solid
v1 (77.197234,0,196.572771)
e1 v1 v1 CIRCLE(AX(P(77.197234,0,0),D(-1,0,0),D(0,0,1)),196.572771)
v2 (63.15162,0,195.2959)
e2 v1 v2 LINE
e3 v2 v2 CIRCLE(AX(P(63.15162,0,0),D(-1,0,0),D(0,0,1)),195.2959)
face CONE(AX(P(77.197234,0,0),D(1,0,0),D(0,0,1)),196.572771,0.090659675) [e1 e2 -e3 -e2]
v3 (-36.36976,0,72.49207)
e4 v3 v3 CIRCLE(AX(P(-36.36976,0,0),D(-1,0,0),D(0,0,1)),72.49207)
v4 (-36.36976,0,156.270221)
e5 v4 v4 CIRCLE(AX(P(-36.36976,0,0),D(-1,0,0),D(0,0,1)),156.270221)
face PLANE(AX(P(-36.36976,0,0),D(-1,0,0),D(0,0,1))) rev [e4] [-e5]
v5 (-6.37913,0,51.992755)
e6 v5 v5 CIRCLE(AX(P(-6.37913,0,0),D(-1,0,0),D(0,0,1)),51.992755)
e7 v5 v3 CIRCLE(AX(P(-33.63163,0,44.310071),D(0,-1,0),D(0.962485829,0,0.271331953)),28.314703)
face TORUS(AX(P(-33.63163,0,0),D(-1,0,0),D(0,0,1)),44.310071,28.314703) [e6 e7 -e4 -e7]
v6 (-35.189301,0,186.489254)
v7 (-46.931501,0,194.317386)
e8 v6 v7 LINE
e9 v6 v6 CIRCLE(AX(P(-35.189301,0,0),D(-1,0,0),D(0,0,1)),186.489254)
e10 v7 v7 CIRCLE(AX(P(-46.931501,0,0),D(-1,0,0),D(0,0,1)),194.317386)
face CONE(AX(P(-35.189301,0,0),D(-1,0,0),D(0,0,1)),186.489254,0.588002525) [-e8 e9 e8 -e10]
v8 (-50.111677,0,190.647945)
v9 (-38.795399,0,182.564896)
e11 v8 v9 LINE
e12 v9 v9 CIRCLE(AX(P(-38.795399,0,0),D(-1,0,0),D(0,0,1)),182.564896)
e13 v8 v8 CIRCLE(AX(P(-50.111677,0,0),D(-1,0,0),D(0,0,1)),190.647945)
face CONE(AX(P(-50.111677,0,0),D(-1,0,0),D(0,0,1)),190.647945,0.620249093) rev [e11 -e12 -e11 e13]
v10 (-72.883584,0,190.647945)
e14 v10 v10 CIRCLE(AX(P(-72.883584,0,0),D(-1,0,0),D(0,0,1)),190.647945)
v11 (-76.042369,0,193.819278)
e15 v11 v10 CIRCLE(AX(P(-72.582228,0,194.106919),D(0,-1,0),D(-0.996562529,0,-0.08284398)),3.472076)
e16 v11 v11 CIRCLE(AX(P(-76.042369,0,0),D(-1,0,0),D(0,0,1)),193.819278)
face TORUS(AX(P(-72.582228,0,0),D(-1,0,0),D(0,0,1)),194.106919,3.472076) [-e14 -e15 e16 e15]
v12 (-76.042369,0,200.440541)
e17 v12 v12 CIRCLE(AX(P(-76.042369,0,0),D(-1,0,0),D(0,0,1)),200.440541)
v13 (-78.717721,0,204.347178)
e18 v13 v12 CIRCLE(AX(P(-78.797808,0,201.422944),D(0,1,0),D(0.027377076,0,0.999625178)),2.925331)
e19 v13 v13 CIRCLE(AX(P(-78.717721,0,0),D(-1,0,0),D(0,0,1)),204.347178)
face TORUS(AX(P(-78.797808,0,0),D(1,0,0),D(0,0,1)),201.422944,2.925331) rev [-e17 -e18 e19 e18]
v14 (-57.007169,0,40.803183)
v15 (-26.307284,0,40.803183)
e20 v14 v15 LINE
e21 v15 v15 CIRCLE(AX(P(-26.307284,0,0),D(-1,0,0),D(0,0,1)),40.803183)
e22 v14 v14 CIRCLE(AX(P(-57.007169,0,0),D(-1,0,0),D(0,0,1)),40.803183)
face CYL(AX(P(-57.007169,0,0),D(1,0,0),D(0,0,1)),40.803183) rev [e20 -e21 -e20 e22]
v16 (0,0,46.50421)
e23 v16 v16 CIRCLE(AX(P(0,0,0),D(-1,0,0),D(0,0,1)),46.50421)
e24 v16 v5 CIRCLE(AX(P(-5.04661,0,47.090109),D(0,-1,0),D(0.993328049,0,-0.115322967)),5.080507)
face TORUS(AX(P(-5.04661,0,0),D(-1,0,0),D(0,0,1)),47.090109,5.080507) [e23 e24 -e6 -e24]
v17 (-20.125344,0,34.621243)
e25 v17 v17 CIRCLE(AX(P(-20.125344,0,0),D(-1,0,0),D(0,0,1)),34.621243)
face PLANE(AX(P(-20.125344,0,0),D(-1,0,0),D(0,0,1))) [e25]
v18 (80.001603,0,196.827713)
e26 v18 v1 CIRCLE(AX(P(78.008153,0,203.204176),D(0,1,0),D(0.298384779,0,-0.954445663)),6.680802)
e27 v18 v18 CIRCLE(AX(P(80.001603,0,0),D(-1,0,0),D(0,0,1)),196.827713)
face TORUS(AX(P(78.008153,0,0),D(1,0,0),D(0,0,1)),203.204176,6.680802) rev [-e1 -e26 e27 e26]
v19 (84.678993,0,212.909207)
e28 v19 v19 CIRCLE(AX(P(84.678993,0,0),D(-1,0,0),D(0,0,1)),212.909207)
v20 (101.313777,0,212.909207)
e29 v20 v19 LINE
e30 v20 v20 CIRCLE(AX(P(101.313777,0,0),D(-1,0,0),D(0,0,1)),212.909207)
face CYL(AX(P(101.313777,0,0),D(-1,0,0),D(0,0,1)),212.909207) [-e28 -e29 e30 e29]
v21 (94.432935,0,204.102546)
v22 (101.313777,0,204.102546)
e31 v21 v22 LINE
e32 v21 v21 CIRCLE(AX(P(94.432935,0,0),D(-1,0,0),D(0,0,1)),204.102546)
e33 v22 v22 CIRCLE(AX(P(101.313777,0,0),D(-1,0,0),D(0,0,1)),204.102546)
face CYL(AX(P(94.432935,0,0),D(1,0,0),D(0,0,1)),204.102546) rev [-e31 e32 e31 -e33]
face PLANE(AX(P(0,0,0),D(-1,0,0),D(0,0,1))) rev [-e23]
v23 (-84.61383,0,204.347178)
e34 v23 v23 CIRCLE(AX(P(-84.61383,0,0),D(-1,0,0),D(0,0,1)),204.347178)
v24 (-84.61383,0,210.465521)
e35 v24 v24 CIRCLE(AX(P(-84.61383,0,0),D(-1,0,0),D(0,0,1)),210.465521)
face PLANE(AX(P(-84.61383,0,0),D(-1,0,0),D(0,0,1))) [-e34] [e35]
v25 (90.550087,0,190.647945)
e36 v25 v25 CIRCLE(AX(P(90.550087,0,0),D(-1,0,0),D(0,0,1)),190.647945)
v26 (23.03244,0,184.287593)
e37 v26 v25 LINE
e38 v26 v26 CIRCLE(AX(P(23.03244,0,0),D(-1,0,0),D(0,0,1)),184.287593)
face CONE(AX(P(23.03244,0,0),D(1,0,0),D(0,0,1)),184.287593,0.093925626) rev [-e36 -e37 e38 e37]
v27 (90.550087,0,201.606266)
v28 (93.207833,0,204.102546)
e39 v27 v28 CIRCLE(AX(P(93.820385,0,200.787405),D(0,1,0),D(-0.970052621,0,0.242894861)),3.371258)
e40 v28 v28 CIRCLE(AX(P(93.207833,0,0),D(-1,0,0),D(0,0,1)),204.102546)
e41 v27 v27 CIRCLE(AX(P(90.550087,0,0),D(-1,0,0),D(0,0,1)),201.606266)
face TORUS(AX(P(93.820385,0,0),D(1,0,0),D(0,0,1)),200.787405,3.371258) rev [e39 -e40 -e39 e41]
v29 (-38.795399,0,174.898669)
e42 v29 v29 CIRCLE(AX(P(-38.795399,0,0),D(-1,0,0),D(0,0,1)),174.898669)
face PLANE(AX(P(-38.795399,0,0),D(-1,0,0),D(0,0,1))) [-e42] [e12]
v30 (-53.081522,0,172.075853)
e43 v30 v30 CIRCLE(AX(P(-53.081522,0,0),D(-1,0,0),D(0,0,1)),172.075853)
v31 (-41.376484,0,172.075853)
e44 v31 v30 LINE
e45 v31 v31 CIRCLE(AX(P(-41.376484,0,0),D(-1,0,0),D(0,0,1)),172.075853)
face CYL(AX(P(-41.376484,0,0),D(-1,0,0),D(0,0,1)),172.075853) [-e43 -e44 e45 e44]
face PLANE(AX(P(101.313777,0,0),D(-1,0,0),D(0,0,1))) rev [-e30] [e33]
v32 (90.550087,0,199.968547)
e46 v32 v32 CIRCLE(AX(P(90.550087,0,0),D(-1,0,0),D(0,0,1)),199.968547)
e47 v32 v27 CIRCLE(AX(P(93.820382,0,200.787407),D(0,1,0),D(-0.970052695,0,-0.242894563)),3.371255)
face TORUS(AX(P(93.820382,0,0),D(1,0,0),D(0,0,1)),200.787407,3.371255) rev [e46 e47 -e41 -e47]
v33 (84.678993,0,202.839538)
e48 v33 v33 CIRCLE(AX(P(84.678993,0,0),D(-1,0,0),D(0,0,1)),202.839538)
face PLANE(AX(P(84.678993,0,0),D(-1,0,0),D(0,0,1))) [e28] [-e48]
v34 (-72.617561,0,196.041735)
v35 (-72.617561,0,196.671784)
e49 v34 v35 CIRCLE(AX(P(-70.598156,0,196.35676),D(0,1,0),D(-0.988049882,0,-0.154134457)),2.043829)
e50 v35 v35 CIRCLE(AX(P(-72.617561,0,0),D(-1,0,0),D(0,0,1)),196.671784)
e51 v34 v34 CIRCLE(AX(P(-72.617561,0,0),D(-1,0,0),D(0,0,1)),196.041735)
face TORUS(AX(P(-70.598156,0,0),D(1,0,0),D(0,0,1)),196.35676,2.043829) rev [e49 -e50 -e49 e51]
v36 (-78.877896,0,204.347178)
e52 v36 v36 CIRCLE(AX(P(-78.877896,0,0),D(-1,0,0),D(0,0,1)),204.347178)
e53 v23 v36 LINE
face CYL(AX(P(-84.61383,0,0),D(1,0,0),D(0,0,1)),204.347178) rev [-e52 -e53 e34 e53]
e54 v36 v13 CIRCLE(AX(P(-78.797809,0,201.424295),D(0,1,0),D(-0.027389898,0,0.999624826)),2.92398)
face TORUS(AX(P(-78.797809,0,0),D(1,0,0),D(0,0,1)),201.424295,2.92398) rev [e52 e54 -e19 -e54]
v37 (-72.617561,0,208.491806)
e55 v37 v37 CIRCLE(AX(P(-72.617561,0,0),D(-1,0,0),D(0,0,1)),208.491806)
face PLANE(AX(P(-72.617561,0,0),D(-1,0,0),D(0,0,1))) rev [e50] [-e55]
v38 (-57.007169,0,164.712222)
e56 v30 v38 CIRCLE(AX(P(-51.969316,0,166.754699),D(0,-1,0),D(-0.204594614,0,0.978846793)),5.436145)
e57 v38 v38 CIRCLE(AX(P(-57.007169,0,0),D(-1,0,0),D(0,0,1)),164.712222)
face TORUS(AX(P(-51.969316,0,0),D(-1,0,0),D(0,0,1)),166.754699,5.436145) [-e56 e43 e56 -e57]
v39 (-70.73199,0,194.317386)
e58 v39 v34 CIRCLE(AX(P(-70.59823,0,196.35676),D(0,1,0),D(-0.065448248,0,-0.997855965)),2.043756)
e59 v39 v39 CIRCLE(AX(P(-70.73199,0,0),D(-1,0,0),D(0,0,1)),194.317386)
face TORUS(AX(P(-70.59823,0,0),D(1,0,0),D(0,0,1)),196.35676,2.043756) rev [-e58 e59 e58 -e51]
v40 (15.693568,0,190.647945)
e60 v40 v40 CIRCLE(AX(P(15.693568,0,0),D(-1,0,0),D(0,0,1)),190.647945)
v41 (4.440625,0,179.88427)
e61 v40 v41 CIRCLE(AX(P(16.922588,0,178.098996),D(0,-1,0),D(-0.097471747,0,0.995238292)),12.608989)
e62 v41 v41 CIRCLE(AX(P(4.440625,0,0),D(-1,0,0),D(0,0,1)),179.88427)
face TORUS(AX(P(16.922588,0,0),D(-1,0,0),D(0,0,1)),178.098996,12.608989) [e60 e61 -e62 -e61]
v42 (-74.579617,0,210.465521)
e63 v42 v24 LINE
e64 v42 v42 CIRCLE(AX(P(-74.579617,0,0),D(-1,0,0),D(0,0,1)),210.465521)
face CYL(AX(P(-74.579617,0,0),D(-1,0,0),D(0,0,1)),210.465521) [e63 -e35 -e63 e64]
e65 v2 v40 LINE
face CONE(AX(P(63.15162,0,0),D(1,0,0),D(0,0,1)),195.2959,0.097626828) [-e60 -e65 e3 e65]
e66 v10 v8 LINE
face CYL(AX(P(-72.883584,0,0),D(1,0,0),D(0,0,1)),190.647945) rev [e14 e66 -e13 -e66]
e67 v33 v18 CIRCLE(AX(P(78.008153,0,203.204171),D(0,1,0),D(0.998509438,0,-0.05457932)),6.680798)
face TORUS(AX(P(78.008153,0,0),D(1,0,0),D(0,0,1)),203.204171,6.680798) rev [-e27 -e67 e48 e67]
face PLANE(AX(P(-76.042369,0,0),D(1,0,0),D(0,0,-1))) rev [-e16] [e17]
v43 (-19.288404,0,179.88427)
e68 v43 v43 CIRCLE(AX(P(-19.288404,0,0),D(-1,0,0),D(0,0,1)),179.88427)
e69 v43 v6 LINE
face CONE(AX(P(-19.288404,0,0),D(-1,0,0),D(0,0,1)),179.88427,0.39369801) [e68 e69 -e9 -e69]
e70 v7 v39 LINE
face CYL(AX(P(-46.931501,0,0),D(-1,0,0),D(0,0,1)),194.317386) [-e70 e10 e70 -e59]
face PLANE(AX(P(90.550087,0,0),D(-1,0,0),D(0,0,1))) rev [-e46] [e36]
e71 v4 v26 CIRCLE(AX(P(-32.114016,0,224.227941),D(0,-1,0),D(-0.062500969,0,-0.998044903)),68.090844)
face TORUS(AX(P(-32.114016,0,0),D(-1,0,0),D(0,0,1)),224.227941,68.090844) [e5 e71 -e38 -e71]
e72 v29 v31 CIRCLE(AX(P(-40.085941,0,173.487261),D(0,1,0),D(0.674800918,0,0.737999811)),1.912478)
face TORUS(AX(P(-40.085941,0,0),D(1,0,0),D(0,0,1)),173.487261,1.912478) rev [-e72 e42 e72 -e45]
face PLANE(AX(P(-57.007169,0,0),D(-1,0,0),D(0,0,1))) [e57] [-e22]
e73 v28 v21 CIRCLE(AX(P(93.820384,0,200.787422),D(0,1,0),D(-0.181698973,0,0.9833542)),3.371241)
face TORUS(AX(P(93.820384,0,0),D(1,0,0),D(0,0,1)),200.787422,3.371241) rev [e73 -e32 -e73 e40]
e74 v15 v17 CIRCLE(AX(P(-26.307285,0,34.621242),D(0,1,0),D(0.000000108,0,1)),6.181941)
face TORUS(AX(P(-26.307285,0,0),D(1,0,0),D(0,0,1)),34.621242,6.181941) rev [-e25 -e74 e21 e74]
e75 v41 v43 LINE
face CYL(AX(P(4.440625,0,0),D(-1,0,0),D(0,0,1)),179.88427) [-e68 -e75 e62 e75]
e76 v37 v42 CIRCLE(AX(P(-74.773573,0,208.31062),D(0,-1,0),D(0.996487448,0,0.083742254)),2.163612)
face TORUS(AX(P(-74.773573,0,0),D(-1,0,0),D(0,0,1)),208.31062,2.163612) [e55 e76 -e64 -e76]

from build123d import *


with BuildPart() as f1:
    # F0 (on Front) → F1 (revolve)
    with BuildSketch(Plane.XZ):
        with BuildLine():
            Line((-20.125344, 0), (0, 0))
            Line((0, 0), (0, 46.50421))
            ThreePointArc((0, 46.50421), (-1.733055, 50.94133), (-6.37913, 51.992755))
            ThreePointArc((-6.37913, 51.992755), (-17.653706, 67.685878), (-36.36976, 72.49207))
            Line((-36.36976, 72.49207), (-36.36976, 156.270221))
            ThreePointArc((-36.36976, 156.270221), (-3.067339, 162.643417), (23.03244, 184.287593))
            Line((23.03244, 184.287593), (90.550087, 190.647945))
            Line((90.550087, 190.647945), (90.550087, 199.968547))
            ThreePointArc((90.550087, 199.968547), (90.449127, 200.787406), (90.550087, 201.606266))
            ThreePointArc((90.550087, 201.606266), (91.512359, 203.24472), (93.207833, 204.102546))
            ThreePointArc((93.207833, 204.102546), (93.820384, 204.158663), (94.432935, 204.102546))
            Line((94.432935, 204.102546), (101.313777, 204.102546))
            Line((101.313777, 204.102546), (101.313777, 212.909207))
            Line((101.313777, 212.909207), (84.678993, 212.909207))
            Line((84.678993, 212.909207), (84.678993, 202.839538))
            ThreePointArc((84.678993, 202.839538), (83.281007, 199.101724), (80.001603, 196.827713))
            ThreePointArc((80.001603, 196.827713), (78.613003, 196.55081), (77.197234, 196.572771))
            Line((77.197234, 196.572771), (63.15162, 195.2959))
            Line((63.15162, 195.2959), (15.693568, 190.647945))
            ThreePointArc((15.693568, 190.647945), (8.206973, 187.210783), (4.440625, 179.88427))
            Line((4.440625, 179.88427), (-19.288404, 179.88427))
            Line((-19.288404, 179.88427), (-35.189301, 186.489254))
            Line((-35.189301, 186.489254), (-46.931501, 194.317386))
            Line((-46.931501, 194.317386), (-70.73199, 194.317386))
            ThreePointArc((-70.73199, 194.317386), (-71.977467, 194.848568), (-72.617561, 196.041735))
            ThreePointArc((-72.617561, 196.041735), (-72.641985, 196.35676), (-72.617561, 196.671784))
            Line((-72.617561, 196.671784), (-72.617561, 208.129436))
            Line((-72.617561, 208.129436), (-72.617561, 208.491806))
            ThreePointArc((-72.617561, 208.491806), (-73.239143, 209.835986), (-74.579617, 210.465521))
            Line((-74.579617, 210.465521), (-74.967526, 210.465521))
            Line((-74.967526, 210.465521), (-84.61383, 210.465521))
            Line((-84.61383, 210.465521), (-84.61383, 204.347178))
            Line((-84.61383, 204.347178), (-78.877896, 204.347178))
            ThreePointArc((-78.877896, 204.347178), (-78.797808, 204.348275), (-78.717721, 204.347178))
            ThreePointArc((-78.717721, 204.347178), (-76.3842, 203.075837), (-76.042369, 200.440541))
            Line((-76.042369, 200.440541), (-76.042369, 194.394559))
            Line((-76.042369, 194.394559), (-76.042369, 193.819278))
            ThreePointArc((-76.042369, 193.819278), (-75.042218, 191.656661), (-72.883584, 190.647945))
            Line((-72.883584, 190.647945), (-50.111677, 190.647945))
            Line((-50.111677, 190.647945), (-38.795399, 182.564896))
            Line((-38.795399, 182.564896), (-38.795399, 174.898669))
            ThreePointArc((-38.795399, 174.898669), (-38.674533, 172.196718), (-41.376484, 172.075853))
            Line((-41.376484, 172.075853), (-53.081522, 172.075853))
            ThreePointArc((-53.081522, 172.075853), (-56.766354, 169.312062), (-57.007169, 164.712222))
            Line((-57.007169, 164.712222), (-57.007169, 40.803183))
            Line((-57.007169, 40.803183), (-26.307284, 40.803183))
            ThreePointArc((-26.307284, 40.803183), (-21.935993, 38.992535), (-20.125344, 34.621243))
            Line((-20.125344, 34.621243), (-20.125344, 0))
        make_face()
    revolve(axis=Axis((-10.062672, 0, 0), (-1, 0, 0)))


solid = f1.part
